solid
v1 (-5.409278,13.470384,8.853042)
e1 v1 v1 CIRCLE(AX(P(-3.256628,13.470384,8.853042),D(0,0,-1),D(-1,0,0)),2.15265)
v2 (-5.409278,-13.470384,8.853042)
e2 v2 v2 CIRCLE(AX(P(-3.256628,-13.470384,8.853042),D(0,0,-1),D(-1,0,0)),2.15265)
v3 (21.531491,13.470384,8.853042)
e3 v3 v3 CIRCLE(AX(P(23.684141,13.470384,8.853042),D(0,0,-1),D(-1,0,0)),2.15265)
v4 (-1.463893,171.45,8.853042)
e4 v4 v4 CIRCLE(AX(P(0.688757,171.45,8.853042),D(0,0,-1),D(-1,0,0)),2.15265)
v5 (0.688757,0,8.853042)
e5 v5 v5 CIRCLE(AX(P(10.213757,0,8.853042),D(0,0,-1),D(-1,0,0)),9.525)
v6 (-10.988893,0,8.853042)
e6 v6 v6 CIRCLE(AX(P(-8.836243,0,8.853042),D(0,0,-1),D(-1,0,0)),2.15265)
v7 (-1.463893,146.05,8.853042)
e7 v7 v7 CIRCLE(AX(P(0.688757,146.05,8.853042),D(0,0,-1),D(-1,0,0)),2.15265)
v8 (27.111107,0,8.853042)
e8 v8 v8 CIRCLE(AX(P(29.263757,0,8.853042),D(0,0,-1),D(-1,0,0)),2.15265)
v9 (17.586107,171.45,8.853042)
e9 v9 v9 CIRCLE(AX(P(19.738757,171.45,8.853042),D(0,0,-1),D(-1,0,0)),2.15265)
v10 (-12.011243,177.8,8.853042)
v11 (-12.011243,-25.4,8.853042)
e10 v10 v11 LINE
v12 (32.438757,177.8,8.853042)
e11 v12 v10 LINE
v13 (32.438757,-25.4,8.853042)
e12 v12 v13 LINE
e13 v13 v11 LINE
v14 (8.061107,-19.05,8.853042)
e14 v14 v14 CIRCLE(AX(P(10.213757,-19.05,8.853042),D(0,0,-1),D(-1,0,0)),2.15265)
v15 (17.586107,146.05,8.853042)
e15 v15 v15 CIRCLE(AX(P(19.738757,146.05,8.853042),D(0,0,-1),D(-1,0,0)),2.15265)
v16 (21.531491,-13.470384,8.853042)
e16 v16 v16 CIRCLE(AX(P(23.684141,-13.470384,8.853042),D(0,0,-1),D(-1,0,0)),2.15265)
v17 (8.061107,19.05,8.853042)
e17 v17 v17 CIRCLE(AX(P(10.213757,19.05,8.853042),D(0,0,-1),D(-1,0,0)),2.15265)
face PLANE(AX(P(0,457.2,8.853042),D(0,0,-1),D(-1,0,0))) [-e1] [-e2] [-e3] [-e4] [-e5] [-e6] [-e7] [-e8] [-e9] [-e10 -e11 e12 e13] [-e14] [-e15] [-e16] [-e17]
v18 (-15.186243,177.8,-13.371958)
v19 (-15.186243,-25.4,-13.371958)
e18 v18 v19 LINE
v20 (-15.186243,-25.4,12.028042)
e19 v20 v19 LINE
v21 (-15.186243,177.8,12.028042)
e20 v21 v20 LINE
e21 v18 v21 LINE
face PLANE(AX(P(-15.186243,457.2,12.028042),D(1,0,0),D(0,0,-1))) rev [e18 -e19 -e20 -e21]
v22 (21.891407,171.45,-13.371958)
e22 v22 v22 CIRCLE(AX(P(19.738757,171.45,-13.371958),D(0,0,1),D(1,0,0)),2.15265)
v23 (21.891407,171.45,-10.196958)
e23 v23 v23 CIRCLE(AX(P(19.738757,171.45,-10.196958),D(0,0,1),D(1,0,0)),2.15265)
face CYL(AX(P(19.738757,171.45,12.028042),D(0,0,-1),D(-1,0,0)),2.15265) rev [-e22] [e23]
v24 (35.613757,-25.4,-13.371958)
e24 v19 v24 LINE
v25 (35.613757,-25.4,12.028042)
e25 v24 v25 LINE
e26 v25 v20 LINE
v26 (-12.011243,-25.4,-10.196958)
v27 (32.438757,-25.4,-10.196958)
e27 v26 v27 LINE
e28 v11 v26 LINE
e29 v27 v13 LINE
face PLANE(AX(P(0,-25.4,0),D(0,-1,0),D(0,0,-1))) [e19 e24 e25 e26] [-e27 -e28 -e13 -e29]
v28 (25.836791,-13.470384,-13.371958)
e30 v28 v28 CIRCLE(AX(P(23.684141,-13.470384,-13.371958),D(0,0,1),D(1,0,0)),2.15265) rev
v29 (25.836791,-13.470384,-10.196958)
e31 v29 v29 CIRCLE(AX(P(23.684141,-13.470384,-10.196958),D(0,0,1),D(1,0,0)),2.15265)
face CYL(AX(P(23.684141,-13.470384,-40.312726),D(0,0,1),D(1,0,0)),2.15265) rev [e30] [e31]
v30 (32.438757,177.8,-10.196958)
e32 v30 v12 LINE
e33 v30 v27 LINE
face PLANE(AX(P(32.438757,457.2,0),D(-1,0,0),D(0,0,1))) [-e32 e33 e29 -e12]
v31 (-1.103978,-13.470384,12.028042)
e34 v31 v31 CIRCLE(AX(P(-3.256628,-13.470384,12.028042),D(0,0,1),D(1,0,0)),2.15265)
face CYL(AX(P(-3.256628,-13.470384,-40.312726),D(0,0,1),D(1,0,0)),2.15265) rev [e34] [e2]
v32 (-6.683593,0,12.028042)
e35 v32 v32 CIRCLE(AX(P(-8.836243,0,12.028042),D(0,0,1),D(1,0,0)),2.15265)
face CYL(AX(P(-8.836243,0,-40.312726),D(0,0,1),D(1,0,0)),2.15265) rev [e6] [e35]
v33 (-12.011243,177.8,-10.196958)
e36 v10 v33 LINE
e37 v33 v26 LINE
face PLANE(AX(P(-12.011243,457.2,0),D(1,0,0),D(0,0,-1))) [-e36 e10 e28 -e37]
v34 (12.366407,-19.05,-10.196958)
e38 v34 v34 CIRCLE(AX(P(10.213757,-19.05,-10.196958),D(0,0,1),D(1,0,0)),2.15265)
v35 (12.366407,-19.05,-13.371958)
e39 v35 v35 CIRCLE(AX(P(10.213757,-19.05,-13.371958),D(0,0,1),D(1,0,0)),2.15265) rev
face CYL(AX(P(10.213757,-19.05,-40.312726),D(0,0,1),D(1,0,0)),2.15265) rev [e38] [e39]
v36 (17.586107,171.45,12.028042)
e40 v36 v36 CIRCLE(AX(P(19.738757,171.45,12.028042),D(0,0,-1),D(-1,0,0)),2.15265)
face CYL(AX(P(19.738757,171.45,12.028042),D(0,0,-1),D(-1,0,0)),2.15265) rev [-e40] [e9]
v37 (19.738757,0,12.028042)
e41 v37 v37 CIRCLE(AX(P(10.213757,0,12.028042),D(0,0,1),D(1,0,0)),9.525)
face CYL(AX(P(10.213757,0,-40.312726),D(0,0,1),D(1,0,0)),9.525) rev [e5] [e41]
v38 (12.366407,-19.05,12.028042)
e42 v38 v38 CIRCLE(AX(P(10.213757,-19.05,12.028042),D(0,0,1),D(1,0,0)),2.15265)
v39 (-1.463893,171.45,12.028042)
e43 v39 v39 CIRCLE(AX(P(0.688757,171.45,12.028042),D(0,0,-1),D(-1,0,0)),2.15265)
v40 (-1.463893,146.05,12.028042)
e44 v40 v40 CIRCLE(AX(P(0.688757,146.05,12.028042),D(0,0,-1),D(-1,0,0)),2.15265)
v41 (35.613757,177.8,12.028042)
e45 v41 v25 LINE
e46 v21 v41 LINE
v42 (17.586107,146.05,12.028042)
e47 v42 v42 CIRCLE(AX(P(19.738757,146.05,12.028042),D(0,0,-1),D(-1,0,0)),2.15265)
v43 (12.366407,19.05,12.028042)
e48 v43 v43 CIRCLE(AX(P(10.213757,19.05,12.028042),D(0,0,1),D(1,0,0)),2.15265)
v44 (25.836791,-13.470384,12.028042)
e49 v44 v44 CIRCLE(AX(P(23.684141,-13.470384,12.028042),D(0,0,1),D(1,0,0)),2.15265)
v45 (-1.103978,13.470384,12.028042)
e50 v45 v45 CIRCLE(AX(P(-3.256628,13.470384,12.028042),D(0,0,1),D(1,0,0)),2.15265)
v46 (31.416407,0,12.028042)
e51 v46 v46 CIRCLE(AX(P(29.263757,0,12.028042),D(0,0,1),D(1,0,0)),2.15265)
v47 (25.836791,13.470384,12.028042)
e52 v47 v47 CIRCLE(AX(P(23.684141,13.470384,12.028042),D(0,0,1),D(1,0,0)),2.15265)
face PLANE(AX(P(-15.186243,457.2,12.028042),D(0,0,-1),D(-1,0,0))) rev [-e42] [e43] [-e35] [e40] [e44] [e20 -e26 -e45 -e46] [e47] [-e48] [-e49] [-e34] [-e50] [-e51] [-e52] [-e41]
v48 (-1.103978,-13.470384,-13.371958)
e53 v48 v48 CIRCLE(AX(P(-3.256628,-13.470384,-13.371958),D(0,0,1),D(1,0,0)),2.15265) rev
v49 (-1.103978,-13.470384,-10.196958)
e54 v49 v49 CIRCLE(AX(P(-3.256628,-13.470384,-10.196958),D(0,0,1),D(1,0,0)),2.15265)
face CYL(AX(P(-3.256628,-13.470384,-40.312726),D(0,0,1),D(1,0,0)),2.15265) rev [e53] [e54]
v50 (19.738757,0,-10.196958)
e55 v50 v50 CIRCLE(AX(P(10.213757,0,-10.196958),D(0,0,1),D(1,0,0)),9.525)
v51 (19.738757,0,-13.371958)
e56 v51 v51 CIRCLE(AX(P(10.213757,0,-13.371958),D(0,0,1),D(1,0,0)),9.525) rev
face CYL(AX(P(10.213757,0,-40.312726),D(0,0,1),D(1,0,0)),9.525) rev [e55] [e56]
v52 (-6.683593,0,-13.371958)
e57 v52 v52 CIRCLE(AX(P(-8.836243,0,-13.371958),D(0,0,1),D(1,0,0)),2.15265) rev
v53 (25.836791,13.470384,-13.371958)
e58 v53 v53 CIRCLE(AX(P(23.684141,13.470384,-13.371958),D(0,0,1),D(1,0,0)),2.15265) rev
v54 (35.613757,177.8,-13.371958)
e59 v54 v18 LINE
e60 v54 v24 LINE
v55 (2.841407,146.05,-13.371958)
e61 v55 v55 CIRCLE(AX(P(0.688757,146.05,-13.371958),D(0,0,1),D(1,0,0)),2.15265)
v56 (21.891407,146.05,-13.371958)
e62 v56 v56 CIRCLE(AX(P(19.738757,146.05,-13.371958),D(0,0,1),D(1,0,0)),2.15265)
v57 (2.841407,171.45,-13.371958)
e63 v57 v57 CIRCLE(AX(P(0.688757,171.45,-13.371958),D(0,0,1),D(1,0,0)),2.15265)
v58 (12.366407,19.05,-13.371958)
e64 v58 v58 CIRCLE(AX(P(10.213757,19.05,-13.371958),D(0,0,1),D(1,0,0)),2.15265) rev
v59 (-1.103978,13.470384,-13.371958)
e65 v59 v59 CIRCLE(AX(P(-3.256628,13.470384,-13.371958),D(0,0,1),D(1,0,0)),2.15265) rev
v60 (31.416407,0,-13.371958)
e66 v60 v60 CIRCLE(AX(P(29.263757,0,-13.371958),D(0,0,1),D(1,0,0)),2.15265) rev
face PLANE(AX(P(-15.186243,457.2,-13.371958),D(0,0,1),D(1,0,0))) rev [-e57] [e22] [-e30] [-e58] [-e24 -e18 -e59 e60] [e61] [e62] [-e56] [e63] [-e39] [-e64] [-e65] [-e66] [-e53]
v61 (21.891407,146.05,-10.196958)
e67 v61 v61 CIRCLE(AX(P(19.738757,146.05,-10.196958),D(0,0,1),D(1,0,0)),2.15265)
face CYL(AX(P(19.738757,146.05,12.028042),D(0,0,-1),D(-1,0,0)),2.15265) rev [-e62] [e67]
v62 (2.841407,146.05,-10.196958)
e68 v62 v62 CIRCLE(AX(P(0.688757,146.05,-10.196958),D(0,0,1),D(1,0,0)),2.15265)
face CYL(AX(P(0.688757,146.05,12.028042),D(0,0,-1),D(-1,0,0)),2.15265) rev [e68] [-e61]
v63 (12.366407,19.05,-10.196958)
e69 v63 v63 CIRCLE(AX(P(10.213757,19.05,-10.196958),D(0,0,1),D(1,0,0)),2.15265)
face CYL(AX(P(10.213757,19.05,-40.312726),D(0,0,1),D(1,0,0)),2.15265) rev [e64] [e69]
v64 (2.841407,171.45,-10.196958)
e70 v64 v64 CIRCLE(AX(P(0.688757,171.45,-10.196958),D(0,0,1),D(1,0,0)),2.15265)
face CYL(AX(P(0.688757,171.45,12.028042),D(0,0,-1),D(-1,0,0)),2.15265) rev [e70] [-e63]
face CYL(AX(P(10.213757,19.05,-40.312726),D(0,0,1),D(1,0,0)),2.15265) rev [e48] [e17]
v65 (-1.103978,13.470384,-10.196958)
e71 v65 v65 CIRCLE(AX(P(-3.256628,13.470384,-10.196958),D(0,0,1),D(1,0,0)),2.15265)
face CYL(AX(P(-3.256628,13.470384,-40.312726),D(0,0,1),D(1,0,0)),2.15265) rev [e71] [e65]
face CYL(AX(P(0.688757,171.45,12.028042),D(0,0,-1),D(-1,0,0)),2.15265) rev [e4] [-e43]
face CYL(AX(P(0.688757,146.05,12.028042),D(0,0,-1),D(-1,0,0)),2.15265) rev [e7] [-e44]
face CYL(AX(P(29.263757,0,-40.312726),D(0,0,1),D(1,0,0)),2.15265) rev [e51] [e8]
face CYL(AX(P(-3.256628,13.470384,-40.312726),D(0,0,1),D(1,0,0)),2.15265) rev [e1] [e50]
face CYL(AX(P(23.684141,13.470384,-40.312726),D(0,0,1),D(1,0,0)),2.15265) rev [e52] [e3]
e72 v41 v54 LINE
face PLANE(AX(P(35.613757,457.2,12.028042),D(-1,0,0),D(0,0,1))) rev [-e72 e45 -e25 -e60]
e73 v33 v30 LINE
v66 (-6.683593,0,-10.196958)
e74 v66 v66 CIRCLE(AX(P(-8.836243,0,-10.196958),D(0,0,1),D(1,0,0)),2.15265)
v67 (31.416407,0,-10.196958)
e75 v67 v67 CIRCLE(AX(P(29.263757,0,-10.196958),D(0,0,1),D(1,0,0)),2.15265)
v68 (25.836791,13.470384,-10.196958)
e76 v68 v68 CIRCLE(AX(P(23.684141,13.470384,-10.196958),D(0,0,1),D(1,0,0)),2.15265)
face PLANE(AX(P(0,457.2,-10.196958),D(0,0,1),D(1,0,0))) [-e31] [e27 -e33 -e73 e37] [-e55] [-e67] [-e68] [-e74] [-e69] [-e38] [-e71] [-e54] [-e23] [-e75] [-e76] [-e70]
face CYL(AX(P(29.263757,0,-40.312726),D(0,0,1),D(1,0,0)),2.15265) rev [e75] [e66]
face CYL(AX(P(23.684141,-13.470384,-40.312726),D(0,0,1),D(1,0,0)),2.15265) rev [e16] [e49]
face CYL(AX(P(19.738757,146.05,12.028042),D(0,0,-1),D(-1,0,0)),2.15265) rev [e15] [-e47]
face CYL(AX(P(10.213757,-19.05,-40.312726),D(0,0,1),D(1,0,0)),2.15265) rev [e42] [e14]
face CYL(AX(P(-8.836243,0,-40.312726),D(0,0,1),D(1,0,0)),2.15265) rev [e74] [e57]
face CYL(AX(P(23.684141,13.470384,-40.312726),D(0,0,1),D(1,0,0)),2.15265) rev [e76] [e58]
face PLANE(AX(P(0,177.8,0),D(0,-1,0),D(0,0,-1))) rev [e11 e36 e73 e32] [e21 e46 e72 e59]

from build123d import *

# Parameters (mm, degrees)
SKETCH2_W                = 50.8
SKETCH2_H                = 25.4
SKETCH2_W_2              = 44.45
SKETCH2_H_2              = 19.05
EXTRUDE_THIN1_DEPTH      = 457.2
SKETCH25_W               = 50.8
SKETCH25_H               = 25.4
SKETCH25_W_2             = 44.45
SKETCH25_H_2             = 19.05
BOSS_EXTRUDE14_DEPTH     = 25.4
SKETCH29_W               = 50.8
SKETCH29_H               = 25.4
SKETCH29_W_2             = 44.45
SKETCH29_H_2             = 19.05
CUT_EXTRUDE10_DEPTH      = 203.2
SKETCH34_R               = 9.525
SKETCH34_R_2             = 2.15265
CUT_EXTRUDE15_DEPTH      = 25.4
SKETCH35_W               = 50.8
SKETCH35_H               = 25.4
CUT_EXTRUDE16_DEPTH      = 76.2
SKETCH31_R               = 2.15265
CUT_EXTRUDE12_DEPTH      = 1
CUT_EXTRUDE12_DEPTH_BACK = 26.4


with BuildPart() as part:
    # Sketch2 → Extrude-Thin1 (new body)
    with BuildSketch(Plane(origin=(0, 0, 0), x_dir=(1, 0, 0), z_dir=(0, 1, 0))):
        with Locations((10.213756614, 0.671957672)):
            Rectangle(SKETCH2_W, SKETCH2_H)
        with Locations((10.213756614, 0.671957672)):
            Rectangle(SKETCH2_W_2, SKETCH2_H_2, mode=Mode.SUBTRACT)
    extrude(amount=EXTRUDE_THIN1_DEPTH)

    # Sketch25 → Boss-Extrude14 (add)
    with BuildSketch(Plane.XZ):
        with Locations((10.213756614, -0.671957672)):
            Rectangle(SKETCH25_W, SKETCH25_H)
        with Locations((10.213756614, -0.671957672)):
            Rectangle(SKETCH25_W_2, SKETCH25_H_2, mode=Mode.SUBTRACT)
    extrude(amount=BOSS_EXTRUDE14_DEPTH)

    # Sketch29 → Cut-Extrude10 (cut)
    with BuildSketch(Plane(origin=(0, 457.2, 0), x_dir=(1, 0, 0), z_dir=(0, 1, 0))):
        with Locations((10.213756614, 0.671957672)):
            Rectangle(SKETCH29_W, SKETCH29_H)
        with Locations((10.213756614, 0.671957672)):
            Rectangle(SKETCH29_W_2, SKETCH29_H_2, mode=Mode.SUBTRACT)
    extrude(amount=-CUT_EXTRUDE10_DEPTH, mode=Mode.SUBTRACT)

    # Sketch34 → Cut-Extrude15 (cut)
    with BuildSketch(Plane.XY.offset(12.028042328)):
        with Locations((10.213756614, 0)):
            Circle(SKETCH34_R)
        with Locations((29.263756614, 0)):
            Circle(SKETCH34_R_2)
        with Locations((23.684140795, 13.470384182)):
            Circle(SKETCH34_R_2)
        with Locations((10.213756614, 19.05)):
            Circle(SKETCH34_R_2)
        with Locations((-3.256627568, 13.470384182)):
            Circle(SKETCH34_R_2)
        with Locations((-8.836243386, 0)):
            Circle(SKETCH34_R_2)
        with Locations((-3.256627568, -13.470384182)):
            Circle(SKETCH34_R_2)
        with Locations((10.213756614, -19.05)):
            Circle(SKETCH34_R_2)
        with Locations((23.684140795, -13.470384182)):
            Circle(SKETCH34_R_2)
    extrude(amount=-CUT_EXTRUDE15_DEPTH, mode=Mode.SUBTRACT)

    # Sketch35 → Cut-Extrude16 (cut)
    with BuildSketch(Plane(origin=(0, 254, 0), x_dir=(1, 0, 0), z_dir=(0, 1, 0))):
        with Locations((10.213756614, 0.671957672)):
            Rectangle(SKETCH35_W, SKETCH35_H)
    extrude(amount=-CUT_EXTRUDE16_DEPTH, mode=Mode.SUBTRACT)

    # Sketch31 → Cut-Extrude12 (cut, two sides)
    with BuildSketch(Plane(origin=(0, 0, -13.371957672), x_dir=(-1, 0, 0), z_dir=(0, 0, -1))) as cut_extrude12_sk:
        with Locations((-19.738756614, 146.05)):
            Circle(SKETCH31_R)
        with Locations((-0.688756614, 146.05)):
            Circle(SKETCH31_R)
        with Locations((-19.738756614, 171.45)):
            Circle(SKETCH31_R)
        with Locations((-0.688756614, 171.45)):
            Circle(SKETCH31_R)
    extrude(amount=CUT_EXTRUDE12_DEPTH, mode=Mode.SUBTRACT)
    extrude(cut_extrude12_sk.sketch, amount=-CUT_EXTRUDE12_DEPTH_BACK, mode=Mode.SUBTRACT)


solid = part.part
